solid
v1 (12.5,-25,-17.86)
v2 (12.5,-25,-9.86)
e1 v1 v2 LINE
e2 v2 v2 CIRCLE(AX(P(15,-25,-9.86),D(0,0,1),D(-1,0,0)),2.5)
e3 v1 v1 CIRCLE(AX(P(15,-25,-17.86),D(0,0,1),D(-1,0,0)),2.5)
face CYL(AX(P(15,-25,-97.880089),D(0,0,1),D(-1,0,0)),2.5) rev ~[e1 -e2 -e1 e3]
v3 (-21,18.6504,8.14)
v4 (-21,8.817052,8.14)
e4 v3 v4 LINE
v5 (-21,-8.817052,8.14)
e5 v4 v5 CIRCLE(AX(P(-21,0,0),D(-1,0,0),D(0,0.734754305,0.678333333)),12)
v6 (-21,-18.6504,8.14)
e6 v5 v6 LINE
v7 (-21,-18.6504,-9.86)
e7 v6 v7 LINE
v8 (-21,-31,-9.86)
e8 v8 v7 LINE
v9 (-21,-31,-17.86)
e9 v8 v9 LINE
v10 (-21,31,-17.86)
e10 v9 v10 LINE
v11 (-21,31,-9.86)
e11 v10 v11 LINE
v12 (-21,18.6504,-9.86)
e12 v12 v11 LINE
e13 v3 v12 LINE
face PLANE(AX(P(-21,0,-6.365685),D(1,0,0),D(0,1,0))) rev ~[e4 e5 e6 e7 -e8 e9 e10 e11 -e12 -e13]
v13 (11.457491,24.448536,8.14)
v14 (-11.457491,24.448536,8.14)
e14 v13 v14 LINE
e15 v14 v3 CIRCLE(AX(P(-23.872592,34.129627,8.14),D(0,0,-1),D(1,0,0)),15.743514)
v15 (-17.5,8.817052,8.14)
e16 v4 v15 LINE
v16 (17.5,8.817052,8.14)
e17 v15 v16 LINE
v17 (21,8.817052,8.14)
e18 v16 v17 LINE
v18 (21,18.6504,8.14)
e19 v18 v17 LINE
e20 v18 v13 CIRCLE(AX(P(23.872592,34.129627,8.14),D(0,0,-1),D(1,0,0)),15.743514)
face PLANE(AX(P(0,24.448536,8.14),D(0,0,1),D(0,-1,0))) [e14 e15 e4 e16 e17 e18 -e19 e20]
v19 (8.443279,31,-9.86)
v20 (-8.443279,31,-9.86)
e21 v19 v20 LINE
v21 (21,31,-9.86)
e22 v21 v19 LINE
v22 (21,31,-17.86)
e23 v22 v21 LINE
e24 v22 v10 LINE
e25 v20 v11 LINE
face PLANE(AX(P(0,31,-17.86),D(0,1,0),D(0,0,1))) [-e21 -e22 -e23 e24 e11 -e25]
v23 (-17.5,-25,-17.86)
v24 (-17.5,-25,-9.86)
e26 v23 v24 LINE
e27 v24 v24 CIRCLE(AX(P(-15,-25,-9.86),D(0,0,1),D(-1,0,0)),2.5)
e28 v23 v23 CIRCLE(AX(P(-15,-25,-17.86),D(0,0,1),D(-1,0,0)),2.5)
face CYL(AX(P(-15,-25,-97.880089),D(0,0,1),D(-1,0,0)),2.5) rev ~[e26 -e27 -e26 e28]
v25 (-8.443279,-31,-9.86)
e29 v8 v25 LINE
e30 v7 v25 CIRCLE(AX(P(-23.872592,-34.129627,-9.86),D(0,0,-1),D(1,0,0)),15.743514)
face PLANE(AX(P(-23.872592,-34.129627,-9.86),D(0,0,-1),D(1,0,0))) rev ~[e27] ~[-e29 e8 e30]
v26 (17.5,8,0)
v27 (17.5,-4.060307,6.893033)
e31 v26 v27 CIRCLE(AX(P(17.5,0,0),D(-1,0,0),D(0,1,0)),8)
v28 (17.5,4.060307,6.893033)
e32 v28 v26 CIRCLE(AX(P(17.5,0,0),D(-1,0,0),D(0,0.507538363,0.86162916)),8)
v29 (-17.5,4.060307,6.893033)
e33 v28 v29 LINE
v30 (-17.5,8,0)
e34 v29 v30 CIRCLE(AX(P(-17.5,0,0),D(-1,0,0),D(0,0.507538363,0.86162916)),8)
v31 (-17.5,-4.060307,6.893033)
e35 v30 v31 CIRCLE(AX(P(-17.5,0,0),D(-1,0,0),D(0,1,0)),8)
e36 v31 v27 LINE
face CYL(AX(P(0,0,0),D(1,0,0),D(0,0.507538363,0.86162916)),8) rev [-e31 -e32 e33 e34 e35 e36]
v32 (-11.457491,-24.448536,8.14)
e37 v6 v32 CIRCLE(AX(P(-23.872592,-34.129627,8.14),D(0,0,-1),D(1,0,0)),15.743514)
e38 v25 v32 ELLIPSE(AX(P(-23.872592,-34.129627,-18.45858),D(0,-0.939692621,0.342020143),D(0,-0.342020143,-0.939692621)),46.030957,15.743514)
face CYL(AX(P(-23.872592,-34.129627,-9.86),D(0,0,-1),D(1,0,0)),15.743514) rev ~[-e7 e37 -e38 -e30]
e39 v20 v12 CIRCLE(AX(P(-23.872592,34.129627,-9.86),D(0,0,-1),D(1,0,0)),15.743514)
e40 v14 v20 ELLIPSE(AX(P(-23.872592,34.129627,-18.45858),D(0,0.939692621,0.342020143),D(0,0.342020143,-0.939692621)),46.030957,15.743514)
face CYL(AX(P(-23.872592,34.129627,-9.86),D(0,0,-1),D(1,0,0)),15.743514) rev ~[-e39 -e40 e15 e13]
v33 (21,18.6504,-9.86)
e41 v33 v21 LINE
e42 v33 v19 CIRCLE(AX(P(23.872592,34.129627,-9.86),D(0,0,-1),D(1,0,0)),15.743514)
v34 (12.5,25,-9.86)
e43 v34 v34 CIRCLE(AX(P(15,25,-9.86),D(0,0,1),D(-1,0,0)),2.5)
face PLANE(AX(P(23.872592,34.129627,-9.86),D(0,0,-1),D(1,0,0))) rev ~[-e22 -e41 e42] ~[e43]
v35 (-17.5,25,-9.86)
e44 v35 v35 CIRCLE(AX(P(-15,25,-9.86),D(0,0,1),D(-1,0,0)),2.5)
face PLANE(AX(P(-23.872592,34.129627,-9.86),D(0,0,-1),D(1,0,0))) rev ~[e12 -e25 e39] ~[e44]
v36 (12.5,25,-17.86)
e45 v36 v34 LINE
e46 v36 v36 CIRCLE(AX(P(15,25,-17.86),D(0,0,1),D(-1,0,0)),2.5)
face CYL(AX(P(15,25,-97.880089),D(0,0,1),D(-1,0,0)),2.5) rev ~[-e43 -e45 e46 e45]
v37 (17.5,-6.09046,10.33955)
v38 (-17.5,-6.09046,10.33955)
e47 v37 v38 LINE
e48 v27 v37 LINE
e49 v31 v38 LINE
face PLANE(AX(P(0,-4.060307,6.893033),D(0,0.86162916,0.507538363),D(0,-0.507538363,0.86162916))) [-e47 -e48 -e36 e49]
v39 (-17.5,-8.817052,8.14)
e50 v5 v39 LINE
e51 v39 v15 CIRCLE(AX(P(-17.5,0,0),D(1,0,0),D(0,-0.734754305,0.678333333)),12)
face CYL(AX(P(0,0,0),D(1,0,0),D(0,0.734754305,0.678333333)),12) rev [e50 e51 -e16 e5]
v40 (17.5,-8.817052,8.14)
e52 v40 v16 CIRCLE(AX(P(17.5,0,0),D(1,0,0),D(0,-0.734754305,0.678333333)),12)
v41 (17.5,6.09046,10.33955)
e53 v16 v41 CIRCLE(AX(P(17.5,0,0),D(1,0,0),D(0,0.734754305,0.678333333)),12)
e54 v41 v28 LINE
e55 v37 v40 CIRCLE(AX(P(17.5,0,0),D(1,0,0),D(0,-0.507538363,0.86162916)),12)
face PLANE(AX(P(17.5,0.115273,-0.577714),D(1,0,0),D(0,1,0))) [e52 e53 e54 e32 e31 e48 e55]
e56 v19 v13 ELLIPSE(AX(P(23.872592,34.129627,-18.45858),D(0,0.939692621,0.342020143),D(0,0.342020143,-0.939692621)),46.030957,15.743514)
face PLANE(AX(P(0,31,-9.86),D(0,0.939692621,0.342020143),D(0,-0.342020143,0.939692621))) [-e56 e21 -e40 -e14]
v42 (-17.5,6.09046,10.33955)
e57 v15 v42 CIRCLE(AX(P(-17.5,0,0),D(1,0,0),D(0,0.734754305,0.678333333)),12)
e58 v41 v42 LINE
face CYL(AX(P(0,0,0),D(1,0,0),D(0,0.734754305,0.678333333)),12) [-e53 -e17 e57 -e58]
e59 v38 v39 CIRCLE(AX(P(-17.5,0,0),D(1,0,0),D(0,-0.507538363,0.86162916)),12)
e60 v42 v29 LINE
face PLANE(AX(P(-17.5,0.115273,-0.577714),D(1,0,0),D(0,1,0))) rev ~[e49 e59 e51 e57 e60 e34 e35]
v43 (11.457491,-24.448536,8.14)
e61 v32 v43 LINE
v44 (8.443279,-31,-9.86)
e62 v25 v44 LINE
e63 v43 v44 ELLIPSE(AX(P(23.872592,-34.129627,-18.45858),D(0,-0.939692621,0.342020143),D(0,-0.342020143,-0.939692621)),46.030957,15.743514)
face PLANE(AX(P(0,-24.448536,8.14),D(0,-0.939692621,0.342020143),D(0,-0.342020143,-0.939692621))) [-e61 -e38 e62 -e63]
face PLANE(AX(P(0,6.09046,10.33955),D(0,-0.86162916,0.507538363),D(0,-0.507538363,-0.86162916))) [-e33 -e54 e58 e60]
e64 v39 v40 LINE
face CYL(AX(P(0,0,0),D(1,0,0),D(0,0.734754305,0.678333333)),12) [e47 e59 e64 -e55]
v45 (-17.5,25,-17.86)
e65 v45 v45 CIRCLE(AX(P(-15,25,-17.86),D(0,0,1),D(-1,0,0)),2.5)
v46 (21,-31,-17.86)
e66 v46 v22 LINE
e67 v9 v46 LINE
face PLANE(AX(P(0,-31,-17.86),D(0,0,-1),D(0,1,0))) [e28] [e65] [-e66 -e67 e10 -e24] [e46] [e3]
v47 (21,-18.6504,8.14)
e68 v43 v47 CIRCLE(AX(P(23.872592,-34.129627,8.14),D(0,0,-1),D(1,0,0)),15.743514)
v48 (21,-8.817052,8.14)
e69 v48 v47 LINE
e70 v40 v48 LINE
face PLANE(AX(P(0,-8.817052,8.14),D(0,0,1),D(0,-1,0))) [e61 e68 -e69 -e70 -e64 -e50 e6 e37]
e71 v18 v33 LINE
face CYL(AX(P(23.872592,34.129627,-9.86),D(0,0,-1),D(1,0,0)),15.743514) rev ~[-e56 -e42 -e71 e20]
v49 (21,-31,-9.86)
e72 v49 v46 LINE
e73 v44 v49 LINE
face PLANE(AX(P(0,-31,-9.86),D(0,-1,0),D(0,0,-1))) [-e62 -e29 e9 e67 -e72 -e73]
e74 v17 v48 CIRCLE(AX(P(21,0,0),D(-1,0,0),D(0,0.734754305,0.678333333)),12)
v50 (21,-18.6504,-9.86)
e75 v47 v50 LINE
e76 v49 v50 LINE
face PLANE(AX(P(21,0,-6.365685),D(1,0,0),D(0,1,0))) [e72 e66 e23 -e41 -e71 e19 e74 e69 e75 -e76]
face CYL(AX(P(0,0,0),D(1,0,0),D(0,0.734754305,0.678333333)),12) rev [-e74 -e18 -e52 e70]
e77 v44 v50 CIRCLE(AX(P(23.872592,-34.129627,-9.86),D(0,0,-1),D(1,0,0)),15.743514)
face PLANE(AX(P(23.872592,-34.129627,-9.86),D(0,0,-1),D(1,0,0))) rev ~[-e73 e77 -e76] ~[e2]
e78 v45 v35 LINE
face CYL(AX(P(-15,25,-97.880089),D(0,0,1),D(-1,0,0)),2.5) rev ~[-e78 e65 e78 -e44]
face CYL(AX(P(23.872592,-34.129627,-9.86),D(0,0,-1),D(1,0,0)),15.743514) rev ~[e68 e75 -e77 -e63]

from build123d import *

# Parameters (mm, degrees)
F1_DEPTH = 21
F3_R     = 15.743514377
F4_DEPTH = 33
F5_DEPTH = 17.5
F7_D     = 5


with BuildPart() as f1:
    # F0 (on Right) → F1 (new body, symmetric)
    with BuildSketch(Plane.YZ):
        with BuildLine():
            Line((24.4485357832, 8.14), (8.8170516614, 8.14))
            ThreePointArc((8.8170516614, 8.14), (0, -12), (-8.8170516614, 8.14))
            Line((-8.8170516614, 8.14), (-24.4485357832, 8.14))
            Line((-24.4485357832, 8.14), (-31, -9.86))
            Line((-31, -9.86), (-31, -17.86))
            Line((-31, -17.86), (0, -17.86))
            Line((0, -17.86), (31, -17.86))
            Line((31, -17.86), (31, -9.86))
            Line((31, -9.86), (24.4485357832, 8.14))
        make_face()
    extrude(amount=F1_DEPTH, both=True)

    # F3 (on offset) → F4 (cut)
    with BuildSketch(Plane(origin=(0, 0, -9.86), x_dir=(1, 0, 0), z_dir=(0, 0, -1))):
        with Locations((-23.8725915551, 34.129627049)):
            Circle(F3_R)
        with Locations((-23.8725915551, -34.129627049)):
            Circle(F3_R)
        with Locations((23.8725915551, -34.129627049)):
            Circle(F3_R)
        with Locations((23.8725915551, 34.129627049)):
            Circle(F3_R)
    extrude(amount=-F4_DEPTH, mode=Mode.SUBTRACT)

    # F0 (on Right) → F5 (join, symmetric)
    with BuildSketch(Plane.YZ):
        with BuildLine():
            ThreePointArc((4.0603069037, 6.8930332835), (6.9455905159, 3.9697320294), (8, 0))
            ThreePointArc((8, 0), (-3.9697320294, -6.9455905159), (-4.0603069037, 6.8930332835))
            Line((-4.0603069037, 6.8930332835), (-6.0904603555, 10.3395499253))
            ThreePointArc((-6.0904603555, 10.3395499253), (-7.5344531057, 9.3398081564), (-8.8170516614, 8.14))
            ThreePointArc((-8.8170516614, 8.14), (0, -12), (8.8170516614, 8.14))
            ThreePointArc((8.8170516614, 8.14), (7.5344531057, 9.3398081564), (6.0904603555, 10.3395499253))
            Line((6.0904603555, 10.3395499253), (4.0603069037, 6.8930332835))
        make_face()
    extrude(amount=F5_DEPTH, both=True)

    # F7 (through all)
    with Locations(Plane(origin=(0, 0, -17.86), x_dir=(1, 0, 0), z_dir=(0, 0, -1))):
        with Locations((-15, -25), (-15, 25), (15, 25), (15, -25)):
            Hole(F7_D / 2)


solid = f1.part
